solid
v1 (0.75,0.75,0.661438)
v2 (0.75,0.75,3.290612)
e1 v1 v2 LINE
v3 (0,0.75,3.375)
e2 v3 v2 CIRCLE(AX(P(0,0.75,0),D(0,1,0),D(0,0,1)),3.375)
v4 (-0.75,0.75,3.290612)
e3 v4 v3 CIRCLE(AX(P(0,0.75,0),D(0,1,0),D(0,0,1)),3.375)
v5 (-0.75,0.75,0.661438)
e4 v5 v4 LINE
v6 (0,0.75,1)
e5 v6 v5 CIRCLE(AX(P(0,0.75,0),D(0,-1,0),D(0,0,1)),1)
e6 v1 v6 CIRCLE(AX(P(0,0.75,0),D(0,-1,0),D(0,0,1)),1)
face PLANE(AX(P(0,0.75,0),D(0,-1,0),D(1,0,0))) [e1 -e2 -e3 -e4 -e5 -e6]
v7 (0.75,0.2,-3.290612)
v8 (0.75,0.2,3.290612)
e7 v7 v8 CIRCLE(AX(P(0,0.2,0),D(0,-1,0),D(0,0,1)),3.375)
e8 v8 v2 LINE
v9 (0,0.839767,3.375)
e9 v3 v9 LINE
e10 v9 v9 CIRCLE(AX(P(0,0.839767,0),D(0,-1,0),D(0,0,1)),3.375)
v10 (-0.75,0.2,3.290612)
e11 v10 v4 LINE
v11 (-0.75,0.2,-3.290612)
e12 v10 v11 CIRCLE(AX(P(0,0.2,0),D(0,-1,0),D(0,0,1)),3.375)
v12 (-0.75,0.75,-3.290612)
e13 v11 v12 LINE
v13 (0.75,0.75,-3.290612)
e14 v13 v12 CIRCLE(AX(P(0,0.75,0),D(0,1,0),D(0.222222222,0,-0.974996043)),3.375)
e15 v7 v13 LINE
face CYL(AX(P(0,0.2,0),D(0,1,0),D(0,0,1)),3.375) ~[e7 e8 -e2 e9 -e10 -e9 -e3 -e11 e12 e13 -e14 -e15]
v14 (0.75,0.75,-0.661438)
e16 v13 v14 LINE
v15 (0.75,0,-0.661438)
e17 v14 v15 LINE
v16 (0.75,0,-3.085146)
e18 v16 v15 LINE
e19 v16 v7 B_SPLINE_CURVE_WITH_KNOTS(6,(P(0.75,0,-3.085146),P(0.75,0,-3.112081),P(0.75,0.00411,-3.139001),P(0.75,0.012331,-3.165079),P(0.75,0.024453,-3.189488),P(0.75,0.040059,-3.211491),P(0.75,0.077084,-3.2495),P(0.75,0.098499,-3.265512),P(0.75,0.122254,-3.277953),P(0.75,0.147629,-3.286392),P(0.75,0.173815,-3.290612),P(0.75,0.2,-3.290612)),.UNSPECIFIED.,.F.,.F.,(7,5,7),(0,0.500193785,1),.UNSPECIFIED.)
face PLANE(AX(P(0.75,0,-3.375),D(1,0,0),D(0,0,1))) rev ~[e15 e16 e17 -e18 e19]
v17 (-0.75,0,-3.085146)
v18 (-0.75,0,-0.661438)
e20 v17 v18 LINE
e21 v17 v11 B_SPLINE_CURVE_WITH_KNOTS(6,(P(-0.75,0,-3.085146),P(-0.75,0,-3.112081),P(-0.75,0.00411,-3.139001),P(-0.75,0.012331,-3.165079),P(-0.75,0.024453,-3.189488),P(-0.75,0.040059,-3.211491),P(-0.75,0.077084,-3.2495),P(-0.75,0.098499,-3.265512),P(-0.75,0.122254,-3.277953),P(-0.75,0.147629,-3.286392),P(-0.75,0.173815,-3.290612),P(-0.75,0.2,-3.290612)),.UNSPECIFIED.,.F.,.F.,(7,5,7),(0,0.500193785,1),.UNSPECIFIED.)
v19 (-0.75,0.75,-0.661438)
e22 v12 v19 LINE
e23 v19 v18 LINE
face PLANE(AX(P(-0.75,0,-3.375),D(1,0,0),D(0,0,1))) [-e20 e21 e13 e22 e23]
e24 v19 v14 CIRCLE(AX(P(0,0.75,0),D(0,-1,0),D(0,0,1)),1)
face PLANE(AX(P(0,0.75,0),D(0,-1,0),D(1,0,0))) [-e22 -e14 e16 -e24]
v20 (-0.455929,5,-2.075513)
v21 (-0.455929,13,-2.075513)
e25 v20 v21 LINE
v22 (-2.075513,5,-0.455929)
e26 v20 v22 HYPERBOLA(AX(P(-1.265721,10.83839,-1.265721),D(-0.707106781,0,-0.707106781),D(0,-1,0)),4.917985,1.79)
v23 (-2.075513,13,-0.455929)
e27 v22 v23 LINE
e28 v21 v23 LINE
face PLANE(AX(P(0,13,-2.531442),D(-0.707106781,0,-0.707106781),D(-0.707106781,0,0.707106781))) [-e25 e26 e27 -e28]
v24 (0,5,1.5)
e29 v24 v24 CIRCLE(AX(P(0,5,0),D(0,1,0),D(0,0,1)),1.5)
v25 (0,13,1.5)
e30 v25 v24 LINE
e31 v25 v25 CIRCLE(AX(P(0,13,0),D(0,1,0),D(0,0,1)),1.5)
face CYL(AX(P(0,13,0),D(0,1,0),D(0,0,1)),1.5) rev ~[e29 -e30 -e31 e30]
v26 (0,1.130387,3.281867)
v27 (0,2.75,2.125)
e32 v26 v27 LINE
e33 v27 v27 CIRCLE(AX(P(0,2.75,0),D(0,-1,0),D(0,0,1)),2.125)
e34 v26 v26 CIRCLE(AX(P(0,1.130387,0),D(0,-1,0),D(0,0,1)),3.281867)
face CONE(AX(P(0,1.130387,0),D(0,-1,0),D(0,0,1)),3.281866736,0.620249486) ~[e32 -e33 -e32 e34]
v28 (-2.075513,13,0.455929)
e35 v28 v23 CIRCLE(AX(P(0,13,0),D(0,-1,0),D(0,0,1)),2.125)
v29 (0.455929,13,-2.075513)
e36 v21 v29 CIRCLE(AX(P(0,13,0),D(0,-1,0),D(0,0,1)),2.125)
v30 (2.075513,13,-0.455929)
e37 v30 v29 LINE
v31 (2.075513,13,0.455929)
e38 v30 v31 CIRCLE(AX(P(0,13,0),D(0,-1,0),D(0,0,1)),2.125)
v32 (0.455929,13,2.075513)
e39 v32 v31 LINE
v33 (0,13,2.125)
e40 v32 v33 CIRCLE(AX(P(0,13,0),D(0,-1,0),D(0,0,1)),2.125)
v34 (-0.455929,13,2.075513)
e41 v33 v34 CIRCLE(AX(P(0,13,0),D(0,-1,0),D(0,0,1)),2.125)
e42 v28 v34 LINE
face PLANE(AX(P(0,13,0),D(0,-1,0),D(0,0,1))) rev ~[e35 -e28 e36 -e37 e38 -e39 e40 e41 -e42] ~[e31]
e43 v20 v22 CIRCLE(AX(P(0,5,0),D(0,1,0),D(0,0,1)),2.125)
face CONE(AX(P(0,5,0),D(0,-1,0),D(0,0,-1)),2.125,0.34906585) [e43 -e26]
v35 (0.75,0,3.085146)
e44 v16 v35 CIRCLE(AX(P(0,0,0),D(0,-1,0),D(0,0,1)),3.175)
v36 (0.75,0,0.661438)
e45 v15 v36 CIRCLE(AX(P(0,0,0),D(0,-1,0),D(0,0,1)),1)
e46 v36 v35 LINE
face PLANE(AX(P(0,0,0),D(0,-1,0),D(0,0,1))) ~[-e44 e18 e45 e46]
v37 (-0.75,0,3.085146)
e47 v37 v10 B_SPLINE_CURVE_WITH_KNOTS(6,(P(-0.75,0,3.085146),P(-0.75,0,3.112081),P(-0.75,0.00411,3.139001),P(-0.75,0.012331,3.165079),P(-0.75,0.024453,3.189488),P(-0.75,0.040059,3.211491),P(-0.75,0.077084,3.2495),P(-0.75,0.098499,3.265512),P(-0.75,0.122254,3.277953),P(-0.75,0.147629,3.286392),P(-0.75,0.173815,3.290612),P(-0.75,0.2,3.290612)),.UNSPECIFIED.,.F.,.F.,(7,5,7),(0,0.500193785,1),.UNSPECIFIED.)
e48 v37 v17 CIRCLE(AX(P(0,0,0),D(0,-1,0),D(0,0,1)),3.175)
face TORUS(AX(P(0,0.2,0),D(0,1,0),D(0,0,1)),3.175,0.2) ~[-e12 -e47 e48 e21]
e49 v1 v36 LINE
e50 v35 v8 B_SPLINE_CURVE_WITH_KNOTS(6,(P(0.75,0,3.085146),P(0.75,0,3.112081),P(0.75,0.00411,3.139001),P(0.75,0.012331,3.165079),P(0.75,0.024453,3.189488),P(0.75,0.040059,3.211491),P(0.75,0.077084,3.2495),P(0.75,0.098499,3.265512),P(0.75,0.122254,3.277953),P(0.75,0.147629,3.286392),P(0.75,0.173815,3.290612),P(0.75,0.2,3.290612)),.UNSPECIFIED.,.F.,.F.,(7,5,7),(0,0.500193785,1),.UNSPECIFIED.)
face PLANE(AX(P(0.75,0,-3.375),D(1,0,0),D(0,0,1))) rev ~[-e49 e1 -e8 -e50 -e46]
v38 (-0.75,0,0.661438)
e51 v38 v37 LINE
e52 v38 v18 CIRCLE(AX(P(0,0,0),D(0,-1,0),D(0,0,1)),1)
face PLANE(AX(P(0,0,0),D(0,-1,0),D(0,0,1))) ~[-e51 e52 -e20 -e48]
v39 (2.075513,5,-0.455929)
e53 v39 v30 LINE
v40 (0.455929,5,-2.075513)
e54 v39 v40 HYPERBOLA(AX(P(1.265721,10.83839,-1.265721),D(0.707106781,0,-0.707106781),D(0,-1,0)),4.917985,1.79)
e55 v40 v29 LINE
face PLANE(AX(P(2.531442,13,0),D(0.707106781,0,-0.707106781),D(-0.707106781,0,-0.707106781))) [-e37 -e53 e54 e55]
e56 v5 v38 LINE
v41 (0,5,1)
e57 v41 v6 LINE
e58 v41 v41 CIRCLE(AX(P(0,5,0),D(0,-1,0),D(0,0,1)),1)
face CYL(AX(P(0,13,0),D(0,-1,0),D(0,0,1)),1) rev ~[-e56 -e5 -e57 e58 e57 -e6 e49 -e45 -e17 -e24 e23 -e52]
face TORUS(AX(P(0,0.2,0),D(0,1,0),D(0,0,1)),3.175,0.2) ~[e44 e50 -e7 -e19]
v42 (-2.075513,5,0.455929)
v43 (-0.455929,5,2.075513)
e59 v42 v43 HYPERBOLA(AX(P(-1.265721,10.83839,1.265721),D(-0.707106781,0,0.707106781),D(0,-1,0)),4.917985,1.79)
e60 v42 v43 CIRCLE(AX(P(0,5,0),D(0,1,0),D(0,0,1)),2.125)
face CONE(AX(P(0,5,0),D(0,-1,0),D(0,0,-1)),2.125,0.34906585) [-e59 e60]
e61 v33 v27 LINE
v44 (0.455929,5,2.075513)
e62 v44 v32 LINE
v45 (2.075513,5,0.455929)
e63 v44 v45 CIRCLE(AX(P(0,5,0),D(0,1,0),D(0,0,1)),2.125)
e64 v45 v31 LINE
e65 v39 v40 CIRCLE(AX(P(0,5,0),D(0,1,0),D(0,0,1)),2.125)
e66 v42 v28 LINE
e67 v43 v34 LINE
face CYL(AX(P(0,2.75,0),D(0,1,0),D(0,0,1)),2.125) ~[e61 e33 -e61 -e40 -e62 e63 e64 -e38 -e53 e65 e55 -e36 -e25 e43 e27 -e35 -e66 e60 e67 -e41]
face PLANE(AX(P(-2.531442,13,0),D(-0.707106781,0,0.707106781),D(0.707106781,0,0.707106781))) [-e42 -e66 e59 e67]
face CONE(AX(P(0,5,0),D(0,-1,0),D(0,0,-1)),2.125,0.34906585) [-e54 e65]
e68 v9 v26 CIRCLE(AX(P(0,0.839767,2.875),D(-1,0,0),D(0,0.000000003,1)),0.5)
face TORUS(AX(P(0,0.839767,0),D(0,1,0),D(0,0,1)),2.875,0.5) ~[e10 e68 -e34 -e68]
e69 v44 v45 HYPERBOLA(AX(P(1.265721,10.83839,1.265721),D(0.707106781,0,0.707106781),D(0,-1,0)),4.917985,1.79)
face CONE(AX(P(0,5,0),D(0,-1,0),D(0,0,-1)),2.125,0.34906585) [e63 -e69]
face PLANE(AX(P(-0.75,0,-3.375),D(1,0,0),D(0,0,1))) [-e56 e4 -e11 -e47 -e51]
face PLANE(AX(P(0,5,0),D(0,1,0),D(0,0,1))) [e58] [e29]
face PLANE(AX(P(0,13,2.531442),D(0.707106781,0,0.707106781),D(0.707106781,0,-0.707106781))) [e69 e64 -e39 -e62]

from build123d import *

# Parameters (mm, degrees)
SKETCH2_OUTSIDE_W  = 11.976
SKETCH2_OUTSIDE_H  = 11.976
CUT_EXTRUDE1_DEPTH = 8
SKETCH4_R          = 1.5
CUT_EXTRUDE2_DEPTH = 8
SKETCH5_W          = 1.5
SKETCH5_H          = 6.75
CUT_EXTRUDE3_DEPTH = 0.75


with BuildPart() as part:
    # Sketch1 → Revolve1 (revolve)
    with BuildSketch(Plane.XY, mode=Mode.PRIVATE) as revolve1_sk:
        with BuildLine():
            Line((1, 0), (3.175, 0))
            ThreePointArc((3.175, 0), (3.316421356, 0.058578644), (3.375, 0.2))
            Line((3.375, 0.2), (3.375, 0.839767473))
            ThreePointArc((3.375, 0.839767473), (3.351147754, 0.992356189), (3.281866736, 1.13038657))
            Line((3.281866736, 1.13038657), (2.125, 2.75))
            Line((2.125, 2.75), (2.125, 9.05))
            Line((2.125, 9.05), (2.125, 13))
            Line((2.125, 13), (1, 13))
            Line((1, 13), (1, 0))
        make_face()
    revolve(revolve1_sk.sketch.rotate(Axis((0, 13, 0), (0, -1, 0)), 90), axis=Axis((0, 13, 0), (0, -1, 0)))

    # Sketch2 outside → Cut-Extrude1 (cut)
    with BuildSketch(Plane(origin=(0, 13, 0), x_dir=(1, 0, 0), z_dir=(0, 1, 0))):
        Rectangle(SKETCH2_OUTSIDE_W, SKETCH2_OUTSIDE_H)
        Polygon((0, 2.531442277), (-2.531442277, 0), (0, -2.531442277), (2.531442277, 0), align=None, mode=Mode.SUBTRACT)
    extrude(amount=-CUT_EXTRUDE1_DEPTH, mode=Mode.SUBTRACT)

    # Boss-Extrude1 cone 1 section (through the dimple's axis) → Boss-Extrude1 (revolve)
    with BuildSketch(Plane(origin=(0, 5, 0), x_dir=(0, 0, -1), z_dir=(1, 0, 0))):
        Polygon((0, 0), (2.125, 0), (0, 5.838389516), align=None)
    revolve(axis=Axis((0, 5, 0), (0, 1, 0)))

    # Sketch4 → Cut-Extrude2 (cut)
    with BuildSketch(Plane(origin=(0, 13, 0), x_dir=(1, 0, 0), z_dir=(0, 1, 0))):
        with Locations(Location((0, 0, 0), (0, 0, 270))):
            Circle(SKETCH4_R)
    extrude(amount=-CUT_EXTRUDE2_DEPTH, mode=Mode.SUBTRACT)

    # Sketch5 → Cut-Extrude3 (cut)
    with BuildSketch(Plane.XZ):
        Rectangle(SKETCH5_W, SKETCH5_H)
    extrude(amount=-CUT_EXTRUDE3_DEPTH, mode=Mode.SUBTRACT)


solid = part.part
